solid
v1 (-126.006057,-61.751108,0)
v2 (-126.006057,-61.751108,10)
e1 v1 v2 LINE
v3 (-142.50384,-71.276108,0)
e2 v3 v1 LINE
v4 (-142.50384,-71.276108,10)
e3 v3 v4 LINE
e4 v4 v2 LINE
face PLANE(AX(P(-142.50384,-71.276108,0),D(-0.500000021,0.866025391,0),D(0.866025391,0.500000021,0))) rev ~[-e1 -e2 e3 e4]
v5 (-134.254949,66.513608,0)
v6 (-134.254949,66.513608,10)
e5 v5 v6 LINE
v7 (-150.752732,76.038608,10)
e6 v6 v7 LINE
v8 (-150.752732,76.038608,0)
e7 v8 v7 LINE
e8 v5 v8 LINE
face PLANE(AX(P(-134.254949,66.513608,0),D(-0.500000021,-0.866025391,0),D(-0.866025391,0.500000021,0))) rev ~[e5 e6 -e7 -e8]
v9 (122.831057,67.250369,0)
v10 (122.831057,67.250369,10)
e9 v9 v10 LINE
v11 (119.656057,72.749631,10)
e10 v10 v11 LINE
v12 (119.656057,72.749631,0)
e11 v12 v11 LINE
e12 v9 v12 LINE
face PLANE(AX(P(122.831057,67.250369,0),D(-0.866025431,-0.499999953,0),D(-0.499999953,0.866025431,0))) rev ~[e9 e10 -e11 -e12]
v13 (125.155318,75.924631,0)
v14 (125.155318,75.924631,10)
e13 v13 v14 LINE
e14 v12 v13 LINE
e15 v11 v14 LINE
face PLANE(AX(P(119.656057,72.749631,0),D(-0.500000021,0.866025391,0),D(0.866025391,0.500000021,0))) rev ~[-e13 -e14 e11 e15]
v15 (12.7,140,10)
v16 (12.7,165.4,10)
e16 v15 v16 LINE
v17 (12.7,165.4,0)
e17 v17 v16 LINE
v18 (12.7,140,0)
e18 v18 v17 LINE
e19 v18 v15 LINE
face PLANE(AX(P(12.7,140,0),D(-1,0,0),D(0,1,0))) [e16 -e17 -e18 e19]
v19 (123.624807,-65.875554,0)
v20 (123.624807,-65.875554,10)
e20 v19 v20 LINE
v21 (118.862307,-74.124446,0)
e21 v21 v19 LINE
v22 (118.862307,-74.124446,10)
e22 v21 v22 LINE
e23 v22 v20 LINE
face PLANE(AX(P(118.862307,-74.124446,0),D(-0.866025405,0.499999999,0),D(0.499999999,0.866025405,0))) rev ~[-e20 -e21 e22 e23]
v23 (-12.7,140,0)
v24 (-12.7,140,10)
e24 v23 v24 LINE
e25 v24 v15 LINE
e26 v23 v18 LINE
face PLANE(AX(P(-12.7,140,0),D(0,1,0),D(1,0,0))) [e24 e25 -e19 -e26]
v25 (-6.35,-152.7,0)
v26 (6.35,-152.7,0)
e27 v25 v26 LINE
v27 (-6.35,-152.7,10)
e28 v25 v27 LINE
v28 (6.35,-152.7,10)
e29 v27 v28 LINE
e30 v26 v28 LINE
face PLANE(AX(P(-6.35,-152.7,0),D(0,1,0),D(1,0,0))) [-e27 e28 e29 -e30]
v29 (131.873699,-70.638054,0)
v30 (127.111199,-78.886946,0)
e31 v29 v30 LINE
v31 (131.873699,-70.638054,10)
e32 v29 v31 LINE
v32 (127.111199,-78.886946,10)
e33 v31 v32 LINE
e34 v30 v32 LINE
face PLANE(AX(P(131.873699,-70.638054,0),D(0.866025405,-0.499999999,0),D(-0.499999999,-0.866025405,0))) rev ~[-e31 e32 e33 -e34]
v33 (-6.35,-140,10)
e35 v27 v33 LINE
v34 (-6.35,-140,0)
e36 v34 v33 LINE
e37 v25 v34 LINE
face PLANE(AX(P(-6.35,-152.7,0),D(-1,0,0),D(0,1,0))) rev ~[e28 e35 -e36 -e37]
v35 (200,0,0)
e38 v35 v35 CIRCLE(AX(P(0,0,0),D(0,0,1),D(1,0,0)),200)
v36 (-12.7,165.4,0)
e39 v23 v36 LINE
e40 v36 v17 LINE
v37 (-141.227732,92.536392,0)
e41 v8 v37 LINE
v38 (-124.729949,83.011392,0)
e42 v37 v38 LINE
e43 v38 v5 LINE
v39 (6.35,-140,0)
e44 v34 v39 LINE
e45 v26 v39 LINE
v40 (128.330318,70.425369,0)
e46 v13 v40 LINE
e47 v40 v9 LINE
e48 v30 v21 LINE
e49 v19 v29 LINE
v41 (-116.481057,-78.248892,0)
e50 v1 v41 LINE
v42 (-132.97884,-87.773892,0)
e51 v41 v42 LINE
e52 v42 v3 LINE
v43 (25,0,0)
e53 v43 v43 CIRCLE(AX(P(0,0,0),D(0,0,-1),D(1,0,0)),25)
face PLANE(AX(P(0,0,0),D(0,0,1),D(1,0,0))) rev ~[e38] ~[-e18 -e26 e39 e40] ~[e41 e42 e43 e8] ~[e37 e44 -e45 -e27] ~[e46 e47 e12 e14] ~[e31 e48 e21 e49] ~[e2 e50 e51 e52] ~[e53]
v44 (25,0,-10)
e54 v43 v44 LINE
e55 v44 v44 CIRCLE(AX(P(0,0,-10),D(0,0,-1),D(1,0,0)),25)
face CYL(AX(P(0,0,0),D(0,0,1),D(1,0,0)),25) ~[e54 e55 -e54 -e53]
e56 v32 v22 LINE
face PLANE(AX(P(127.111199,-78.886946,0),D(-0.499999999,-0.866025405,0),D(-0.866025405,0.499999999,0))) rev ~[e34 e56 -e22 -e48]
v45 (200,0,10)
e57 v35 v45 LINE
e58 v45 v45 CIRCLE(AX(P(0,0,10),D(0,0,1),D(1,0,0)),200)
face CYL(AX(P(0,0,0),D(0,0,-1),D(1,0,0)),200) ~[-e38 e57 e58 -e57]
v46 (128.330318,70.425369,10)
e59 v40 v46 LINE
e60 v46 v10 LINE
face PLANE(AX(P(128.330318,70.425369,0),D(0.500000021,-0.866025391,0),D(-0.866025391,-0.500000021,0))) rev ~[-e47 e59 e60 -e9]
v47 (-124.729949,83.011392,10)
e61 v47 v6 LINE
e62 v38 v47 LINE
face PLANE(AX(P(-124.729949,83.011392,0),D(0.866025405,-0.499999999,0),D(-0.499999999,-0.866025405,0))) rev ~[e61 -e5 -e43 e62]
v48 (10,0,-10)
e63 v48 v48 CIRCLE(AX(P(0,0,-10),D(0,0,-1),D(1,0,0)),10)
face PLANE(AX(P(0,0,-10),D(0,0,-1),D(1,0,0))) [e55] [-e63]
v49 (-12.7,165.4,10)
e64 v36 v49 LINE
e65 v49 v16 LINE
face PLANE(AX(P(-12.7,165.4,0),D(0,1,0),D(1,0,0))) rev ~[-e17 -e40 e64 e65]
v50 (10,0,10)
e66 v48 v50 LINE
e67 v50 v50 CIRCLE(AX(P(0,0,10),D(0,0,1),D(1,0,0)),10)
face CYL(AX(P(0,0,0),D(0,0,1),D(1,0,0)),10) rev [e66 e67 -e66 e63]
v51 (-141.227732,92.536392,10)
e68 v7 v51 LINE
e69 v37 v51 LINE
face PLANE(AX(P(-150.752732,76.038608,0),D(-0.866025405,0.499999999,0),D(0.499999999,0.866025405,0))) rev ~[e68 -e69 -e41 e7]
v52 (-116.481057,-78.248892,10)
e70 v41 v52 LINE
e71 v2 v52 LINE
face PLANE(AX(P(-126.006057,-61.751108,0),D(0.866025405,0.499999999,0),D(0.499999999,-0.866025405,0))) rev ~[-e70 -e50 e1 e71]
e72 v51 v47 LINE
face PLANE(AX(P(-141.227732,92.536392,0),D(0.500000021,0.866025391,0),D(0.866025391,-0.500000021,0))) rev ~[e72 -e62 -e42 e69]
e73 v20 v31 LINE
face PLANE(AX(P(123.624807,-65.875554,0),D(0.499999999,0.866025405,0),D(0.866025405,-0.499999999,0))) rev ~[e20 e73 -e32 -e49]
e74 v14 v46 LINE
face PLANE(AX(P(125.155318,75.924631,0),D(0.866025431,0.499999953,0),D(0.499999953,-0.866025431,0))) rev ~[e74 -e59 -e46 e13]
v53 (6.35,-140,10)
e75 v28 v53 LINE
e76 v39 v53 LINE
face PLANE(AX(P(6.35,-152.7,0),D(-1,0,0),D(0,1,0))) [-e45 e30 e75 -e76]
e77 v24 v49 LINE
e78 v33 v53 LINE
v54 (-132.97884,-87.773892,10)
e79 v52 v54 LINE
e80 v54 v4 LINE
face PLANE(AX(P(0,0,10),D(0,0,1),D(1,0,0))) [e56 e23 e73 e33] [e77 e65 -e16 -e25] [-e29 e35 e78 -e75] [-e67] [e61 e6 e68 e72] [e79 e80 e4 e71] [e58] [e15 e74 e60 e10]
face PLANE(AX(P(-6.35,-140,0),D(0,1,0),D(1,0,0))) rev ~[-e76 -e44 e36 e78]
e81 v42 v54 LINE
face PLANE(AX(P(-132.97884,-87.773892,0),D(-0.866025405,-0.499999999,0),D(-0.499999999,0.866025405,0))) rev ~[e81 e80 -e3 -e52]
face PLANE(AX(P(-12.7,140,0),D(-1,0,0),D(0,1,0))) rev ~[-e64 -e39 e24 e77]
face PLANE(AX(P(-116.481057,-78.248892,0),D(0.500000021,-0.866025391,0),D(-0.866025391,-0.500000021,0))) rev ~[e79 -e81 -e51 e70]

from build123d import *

# Parameters (mm, degrees)
F0_R     = 200
F0_W     = 12.7
F0_H     = 12.7
F0_R_2   = 10
F0_W_2   = 25.4
F0_H_2   = 25.4
F1_DEPTH = 10
F2_R     = 25
F2_R_2   = 10
F3_DEPTH = 10


with BuildPart() as f1:
    # F0 (on Top) → F1 (new body)
    with BuildSketch(Plane.XY):
        Circle(F0_R)
        Polygon((-132.97884, -87.773892), (-142.50384, -71.276108), (-126.006057, -61.751108), (-116.481057, -78.248892), align=None, mode=Mode.SUBTRACT)
        with Locations((0, -146.35)):
            Rectangle(F0_W, F0_H, mode=Mode.SUBTRACT)
        Polygon((118.862307, -74.124446), (123.624807, -65.875554), (131.873699, -70.638054), (127.111199, -78.886946), align=None, mode=Mode.SUBTRACT)
        Polygon((-134.254949, 66.513608), (-150.752732, 76.038608), (-141.227732, 92.536392), (-124.729949, 83.011392), align=None, mode=Mode.SUBTRACT)
        Circle(F0_R_2, mode=Mode.SUBTRACT)
        Polygon((122.831057, 67.250369), (119.656057, 72.749631), (125.155318, 75.924631), (128.330318, 70.425369), align=None, mode=Mode.SUBTRACT)
        with Locations((0, 152.7)):
            Rectangle(F0_W_2, F0_H_2, mode=Mode.SUBTRACT)
    extrude(amount=F1_DEPTH)

    # F2 (on face) → F3 (join)
    with BuildSketch(Plane(origin=(0, 0, 0), x_dir=(1, 0, 0), z_dir=(0, 0, -1))):
        Circle(F2_R)
        Circle(F2_R_2, mode=Mode.SUBTRACT)
    extrude(amount=F3_DEPTH)


solid = f1.part
